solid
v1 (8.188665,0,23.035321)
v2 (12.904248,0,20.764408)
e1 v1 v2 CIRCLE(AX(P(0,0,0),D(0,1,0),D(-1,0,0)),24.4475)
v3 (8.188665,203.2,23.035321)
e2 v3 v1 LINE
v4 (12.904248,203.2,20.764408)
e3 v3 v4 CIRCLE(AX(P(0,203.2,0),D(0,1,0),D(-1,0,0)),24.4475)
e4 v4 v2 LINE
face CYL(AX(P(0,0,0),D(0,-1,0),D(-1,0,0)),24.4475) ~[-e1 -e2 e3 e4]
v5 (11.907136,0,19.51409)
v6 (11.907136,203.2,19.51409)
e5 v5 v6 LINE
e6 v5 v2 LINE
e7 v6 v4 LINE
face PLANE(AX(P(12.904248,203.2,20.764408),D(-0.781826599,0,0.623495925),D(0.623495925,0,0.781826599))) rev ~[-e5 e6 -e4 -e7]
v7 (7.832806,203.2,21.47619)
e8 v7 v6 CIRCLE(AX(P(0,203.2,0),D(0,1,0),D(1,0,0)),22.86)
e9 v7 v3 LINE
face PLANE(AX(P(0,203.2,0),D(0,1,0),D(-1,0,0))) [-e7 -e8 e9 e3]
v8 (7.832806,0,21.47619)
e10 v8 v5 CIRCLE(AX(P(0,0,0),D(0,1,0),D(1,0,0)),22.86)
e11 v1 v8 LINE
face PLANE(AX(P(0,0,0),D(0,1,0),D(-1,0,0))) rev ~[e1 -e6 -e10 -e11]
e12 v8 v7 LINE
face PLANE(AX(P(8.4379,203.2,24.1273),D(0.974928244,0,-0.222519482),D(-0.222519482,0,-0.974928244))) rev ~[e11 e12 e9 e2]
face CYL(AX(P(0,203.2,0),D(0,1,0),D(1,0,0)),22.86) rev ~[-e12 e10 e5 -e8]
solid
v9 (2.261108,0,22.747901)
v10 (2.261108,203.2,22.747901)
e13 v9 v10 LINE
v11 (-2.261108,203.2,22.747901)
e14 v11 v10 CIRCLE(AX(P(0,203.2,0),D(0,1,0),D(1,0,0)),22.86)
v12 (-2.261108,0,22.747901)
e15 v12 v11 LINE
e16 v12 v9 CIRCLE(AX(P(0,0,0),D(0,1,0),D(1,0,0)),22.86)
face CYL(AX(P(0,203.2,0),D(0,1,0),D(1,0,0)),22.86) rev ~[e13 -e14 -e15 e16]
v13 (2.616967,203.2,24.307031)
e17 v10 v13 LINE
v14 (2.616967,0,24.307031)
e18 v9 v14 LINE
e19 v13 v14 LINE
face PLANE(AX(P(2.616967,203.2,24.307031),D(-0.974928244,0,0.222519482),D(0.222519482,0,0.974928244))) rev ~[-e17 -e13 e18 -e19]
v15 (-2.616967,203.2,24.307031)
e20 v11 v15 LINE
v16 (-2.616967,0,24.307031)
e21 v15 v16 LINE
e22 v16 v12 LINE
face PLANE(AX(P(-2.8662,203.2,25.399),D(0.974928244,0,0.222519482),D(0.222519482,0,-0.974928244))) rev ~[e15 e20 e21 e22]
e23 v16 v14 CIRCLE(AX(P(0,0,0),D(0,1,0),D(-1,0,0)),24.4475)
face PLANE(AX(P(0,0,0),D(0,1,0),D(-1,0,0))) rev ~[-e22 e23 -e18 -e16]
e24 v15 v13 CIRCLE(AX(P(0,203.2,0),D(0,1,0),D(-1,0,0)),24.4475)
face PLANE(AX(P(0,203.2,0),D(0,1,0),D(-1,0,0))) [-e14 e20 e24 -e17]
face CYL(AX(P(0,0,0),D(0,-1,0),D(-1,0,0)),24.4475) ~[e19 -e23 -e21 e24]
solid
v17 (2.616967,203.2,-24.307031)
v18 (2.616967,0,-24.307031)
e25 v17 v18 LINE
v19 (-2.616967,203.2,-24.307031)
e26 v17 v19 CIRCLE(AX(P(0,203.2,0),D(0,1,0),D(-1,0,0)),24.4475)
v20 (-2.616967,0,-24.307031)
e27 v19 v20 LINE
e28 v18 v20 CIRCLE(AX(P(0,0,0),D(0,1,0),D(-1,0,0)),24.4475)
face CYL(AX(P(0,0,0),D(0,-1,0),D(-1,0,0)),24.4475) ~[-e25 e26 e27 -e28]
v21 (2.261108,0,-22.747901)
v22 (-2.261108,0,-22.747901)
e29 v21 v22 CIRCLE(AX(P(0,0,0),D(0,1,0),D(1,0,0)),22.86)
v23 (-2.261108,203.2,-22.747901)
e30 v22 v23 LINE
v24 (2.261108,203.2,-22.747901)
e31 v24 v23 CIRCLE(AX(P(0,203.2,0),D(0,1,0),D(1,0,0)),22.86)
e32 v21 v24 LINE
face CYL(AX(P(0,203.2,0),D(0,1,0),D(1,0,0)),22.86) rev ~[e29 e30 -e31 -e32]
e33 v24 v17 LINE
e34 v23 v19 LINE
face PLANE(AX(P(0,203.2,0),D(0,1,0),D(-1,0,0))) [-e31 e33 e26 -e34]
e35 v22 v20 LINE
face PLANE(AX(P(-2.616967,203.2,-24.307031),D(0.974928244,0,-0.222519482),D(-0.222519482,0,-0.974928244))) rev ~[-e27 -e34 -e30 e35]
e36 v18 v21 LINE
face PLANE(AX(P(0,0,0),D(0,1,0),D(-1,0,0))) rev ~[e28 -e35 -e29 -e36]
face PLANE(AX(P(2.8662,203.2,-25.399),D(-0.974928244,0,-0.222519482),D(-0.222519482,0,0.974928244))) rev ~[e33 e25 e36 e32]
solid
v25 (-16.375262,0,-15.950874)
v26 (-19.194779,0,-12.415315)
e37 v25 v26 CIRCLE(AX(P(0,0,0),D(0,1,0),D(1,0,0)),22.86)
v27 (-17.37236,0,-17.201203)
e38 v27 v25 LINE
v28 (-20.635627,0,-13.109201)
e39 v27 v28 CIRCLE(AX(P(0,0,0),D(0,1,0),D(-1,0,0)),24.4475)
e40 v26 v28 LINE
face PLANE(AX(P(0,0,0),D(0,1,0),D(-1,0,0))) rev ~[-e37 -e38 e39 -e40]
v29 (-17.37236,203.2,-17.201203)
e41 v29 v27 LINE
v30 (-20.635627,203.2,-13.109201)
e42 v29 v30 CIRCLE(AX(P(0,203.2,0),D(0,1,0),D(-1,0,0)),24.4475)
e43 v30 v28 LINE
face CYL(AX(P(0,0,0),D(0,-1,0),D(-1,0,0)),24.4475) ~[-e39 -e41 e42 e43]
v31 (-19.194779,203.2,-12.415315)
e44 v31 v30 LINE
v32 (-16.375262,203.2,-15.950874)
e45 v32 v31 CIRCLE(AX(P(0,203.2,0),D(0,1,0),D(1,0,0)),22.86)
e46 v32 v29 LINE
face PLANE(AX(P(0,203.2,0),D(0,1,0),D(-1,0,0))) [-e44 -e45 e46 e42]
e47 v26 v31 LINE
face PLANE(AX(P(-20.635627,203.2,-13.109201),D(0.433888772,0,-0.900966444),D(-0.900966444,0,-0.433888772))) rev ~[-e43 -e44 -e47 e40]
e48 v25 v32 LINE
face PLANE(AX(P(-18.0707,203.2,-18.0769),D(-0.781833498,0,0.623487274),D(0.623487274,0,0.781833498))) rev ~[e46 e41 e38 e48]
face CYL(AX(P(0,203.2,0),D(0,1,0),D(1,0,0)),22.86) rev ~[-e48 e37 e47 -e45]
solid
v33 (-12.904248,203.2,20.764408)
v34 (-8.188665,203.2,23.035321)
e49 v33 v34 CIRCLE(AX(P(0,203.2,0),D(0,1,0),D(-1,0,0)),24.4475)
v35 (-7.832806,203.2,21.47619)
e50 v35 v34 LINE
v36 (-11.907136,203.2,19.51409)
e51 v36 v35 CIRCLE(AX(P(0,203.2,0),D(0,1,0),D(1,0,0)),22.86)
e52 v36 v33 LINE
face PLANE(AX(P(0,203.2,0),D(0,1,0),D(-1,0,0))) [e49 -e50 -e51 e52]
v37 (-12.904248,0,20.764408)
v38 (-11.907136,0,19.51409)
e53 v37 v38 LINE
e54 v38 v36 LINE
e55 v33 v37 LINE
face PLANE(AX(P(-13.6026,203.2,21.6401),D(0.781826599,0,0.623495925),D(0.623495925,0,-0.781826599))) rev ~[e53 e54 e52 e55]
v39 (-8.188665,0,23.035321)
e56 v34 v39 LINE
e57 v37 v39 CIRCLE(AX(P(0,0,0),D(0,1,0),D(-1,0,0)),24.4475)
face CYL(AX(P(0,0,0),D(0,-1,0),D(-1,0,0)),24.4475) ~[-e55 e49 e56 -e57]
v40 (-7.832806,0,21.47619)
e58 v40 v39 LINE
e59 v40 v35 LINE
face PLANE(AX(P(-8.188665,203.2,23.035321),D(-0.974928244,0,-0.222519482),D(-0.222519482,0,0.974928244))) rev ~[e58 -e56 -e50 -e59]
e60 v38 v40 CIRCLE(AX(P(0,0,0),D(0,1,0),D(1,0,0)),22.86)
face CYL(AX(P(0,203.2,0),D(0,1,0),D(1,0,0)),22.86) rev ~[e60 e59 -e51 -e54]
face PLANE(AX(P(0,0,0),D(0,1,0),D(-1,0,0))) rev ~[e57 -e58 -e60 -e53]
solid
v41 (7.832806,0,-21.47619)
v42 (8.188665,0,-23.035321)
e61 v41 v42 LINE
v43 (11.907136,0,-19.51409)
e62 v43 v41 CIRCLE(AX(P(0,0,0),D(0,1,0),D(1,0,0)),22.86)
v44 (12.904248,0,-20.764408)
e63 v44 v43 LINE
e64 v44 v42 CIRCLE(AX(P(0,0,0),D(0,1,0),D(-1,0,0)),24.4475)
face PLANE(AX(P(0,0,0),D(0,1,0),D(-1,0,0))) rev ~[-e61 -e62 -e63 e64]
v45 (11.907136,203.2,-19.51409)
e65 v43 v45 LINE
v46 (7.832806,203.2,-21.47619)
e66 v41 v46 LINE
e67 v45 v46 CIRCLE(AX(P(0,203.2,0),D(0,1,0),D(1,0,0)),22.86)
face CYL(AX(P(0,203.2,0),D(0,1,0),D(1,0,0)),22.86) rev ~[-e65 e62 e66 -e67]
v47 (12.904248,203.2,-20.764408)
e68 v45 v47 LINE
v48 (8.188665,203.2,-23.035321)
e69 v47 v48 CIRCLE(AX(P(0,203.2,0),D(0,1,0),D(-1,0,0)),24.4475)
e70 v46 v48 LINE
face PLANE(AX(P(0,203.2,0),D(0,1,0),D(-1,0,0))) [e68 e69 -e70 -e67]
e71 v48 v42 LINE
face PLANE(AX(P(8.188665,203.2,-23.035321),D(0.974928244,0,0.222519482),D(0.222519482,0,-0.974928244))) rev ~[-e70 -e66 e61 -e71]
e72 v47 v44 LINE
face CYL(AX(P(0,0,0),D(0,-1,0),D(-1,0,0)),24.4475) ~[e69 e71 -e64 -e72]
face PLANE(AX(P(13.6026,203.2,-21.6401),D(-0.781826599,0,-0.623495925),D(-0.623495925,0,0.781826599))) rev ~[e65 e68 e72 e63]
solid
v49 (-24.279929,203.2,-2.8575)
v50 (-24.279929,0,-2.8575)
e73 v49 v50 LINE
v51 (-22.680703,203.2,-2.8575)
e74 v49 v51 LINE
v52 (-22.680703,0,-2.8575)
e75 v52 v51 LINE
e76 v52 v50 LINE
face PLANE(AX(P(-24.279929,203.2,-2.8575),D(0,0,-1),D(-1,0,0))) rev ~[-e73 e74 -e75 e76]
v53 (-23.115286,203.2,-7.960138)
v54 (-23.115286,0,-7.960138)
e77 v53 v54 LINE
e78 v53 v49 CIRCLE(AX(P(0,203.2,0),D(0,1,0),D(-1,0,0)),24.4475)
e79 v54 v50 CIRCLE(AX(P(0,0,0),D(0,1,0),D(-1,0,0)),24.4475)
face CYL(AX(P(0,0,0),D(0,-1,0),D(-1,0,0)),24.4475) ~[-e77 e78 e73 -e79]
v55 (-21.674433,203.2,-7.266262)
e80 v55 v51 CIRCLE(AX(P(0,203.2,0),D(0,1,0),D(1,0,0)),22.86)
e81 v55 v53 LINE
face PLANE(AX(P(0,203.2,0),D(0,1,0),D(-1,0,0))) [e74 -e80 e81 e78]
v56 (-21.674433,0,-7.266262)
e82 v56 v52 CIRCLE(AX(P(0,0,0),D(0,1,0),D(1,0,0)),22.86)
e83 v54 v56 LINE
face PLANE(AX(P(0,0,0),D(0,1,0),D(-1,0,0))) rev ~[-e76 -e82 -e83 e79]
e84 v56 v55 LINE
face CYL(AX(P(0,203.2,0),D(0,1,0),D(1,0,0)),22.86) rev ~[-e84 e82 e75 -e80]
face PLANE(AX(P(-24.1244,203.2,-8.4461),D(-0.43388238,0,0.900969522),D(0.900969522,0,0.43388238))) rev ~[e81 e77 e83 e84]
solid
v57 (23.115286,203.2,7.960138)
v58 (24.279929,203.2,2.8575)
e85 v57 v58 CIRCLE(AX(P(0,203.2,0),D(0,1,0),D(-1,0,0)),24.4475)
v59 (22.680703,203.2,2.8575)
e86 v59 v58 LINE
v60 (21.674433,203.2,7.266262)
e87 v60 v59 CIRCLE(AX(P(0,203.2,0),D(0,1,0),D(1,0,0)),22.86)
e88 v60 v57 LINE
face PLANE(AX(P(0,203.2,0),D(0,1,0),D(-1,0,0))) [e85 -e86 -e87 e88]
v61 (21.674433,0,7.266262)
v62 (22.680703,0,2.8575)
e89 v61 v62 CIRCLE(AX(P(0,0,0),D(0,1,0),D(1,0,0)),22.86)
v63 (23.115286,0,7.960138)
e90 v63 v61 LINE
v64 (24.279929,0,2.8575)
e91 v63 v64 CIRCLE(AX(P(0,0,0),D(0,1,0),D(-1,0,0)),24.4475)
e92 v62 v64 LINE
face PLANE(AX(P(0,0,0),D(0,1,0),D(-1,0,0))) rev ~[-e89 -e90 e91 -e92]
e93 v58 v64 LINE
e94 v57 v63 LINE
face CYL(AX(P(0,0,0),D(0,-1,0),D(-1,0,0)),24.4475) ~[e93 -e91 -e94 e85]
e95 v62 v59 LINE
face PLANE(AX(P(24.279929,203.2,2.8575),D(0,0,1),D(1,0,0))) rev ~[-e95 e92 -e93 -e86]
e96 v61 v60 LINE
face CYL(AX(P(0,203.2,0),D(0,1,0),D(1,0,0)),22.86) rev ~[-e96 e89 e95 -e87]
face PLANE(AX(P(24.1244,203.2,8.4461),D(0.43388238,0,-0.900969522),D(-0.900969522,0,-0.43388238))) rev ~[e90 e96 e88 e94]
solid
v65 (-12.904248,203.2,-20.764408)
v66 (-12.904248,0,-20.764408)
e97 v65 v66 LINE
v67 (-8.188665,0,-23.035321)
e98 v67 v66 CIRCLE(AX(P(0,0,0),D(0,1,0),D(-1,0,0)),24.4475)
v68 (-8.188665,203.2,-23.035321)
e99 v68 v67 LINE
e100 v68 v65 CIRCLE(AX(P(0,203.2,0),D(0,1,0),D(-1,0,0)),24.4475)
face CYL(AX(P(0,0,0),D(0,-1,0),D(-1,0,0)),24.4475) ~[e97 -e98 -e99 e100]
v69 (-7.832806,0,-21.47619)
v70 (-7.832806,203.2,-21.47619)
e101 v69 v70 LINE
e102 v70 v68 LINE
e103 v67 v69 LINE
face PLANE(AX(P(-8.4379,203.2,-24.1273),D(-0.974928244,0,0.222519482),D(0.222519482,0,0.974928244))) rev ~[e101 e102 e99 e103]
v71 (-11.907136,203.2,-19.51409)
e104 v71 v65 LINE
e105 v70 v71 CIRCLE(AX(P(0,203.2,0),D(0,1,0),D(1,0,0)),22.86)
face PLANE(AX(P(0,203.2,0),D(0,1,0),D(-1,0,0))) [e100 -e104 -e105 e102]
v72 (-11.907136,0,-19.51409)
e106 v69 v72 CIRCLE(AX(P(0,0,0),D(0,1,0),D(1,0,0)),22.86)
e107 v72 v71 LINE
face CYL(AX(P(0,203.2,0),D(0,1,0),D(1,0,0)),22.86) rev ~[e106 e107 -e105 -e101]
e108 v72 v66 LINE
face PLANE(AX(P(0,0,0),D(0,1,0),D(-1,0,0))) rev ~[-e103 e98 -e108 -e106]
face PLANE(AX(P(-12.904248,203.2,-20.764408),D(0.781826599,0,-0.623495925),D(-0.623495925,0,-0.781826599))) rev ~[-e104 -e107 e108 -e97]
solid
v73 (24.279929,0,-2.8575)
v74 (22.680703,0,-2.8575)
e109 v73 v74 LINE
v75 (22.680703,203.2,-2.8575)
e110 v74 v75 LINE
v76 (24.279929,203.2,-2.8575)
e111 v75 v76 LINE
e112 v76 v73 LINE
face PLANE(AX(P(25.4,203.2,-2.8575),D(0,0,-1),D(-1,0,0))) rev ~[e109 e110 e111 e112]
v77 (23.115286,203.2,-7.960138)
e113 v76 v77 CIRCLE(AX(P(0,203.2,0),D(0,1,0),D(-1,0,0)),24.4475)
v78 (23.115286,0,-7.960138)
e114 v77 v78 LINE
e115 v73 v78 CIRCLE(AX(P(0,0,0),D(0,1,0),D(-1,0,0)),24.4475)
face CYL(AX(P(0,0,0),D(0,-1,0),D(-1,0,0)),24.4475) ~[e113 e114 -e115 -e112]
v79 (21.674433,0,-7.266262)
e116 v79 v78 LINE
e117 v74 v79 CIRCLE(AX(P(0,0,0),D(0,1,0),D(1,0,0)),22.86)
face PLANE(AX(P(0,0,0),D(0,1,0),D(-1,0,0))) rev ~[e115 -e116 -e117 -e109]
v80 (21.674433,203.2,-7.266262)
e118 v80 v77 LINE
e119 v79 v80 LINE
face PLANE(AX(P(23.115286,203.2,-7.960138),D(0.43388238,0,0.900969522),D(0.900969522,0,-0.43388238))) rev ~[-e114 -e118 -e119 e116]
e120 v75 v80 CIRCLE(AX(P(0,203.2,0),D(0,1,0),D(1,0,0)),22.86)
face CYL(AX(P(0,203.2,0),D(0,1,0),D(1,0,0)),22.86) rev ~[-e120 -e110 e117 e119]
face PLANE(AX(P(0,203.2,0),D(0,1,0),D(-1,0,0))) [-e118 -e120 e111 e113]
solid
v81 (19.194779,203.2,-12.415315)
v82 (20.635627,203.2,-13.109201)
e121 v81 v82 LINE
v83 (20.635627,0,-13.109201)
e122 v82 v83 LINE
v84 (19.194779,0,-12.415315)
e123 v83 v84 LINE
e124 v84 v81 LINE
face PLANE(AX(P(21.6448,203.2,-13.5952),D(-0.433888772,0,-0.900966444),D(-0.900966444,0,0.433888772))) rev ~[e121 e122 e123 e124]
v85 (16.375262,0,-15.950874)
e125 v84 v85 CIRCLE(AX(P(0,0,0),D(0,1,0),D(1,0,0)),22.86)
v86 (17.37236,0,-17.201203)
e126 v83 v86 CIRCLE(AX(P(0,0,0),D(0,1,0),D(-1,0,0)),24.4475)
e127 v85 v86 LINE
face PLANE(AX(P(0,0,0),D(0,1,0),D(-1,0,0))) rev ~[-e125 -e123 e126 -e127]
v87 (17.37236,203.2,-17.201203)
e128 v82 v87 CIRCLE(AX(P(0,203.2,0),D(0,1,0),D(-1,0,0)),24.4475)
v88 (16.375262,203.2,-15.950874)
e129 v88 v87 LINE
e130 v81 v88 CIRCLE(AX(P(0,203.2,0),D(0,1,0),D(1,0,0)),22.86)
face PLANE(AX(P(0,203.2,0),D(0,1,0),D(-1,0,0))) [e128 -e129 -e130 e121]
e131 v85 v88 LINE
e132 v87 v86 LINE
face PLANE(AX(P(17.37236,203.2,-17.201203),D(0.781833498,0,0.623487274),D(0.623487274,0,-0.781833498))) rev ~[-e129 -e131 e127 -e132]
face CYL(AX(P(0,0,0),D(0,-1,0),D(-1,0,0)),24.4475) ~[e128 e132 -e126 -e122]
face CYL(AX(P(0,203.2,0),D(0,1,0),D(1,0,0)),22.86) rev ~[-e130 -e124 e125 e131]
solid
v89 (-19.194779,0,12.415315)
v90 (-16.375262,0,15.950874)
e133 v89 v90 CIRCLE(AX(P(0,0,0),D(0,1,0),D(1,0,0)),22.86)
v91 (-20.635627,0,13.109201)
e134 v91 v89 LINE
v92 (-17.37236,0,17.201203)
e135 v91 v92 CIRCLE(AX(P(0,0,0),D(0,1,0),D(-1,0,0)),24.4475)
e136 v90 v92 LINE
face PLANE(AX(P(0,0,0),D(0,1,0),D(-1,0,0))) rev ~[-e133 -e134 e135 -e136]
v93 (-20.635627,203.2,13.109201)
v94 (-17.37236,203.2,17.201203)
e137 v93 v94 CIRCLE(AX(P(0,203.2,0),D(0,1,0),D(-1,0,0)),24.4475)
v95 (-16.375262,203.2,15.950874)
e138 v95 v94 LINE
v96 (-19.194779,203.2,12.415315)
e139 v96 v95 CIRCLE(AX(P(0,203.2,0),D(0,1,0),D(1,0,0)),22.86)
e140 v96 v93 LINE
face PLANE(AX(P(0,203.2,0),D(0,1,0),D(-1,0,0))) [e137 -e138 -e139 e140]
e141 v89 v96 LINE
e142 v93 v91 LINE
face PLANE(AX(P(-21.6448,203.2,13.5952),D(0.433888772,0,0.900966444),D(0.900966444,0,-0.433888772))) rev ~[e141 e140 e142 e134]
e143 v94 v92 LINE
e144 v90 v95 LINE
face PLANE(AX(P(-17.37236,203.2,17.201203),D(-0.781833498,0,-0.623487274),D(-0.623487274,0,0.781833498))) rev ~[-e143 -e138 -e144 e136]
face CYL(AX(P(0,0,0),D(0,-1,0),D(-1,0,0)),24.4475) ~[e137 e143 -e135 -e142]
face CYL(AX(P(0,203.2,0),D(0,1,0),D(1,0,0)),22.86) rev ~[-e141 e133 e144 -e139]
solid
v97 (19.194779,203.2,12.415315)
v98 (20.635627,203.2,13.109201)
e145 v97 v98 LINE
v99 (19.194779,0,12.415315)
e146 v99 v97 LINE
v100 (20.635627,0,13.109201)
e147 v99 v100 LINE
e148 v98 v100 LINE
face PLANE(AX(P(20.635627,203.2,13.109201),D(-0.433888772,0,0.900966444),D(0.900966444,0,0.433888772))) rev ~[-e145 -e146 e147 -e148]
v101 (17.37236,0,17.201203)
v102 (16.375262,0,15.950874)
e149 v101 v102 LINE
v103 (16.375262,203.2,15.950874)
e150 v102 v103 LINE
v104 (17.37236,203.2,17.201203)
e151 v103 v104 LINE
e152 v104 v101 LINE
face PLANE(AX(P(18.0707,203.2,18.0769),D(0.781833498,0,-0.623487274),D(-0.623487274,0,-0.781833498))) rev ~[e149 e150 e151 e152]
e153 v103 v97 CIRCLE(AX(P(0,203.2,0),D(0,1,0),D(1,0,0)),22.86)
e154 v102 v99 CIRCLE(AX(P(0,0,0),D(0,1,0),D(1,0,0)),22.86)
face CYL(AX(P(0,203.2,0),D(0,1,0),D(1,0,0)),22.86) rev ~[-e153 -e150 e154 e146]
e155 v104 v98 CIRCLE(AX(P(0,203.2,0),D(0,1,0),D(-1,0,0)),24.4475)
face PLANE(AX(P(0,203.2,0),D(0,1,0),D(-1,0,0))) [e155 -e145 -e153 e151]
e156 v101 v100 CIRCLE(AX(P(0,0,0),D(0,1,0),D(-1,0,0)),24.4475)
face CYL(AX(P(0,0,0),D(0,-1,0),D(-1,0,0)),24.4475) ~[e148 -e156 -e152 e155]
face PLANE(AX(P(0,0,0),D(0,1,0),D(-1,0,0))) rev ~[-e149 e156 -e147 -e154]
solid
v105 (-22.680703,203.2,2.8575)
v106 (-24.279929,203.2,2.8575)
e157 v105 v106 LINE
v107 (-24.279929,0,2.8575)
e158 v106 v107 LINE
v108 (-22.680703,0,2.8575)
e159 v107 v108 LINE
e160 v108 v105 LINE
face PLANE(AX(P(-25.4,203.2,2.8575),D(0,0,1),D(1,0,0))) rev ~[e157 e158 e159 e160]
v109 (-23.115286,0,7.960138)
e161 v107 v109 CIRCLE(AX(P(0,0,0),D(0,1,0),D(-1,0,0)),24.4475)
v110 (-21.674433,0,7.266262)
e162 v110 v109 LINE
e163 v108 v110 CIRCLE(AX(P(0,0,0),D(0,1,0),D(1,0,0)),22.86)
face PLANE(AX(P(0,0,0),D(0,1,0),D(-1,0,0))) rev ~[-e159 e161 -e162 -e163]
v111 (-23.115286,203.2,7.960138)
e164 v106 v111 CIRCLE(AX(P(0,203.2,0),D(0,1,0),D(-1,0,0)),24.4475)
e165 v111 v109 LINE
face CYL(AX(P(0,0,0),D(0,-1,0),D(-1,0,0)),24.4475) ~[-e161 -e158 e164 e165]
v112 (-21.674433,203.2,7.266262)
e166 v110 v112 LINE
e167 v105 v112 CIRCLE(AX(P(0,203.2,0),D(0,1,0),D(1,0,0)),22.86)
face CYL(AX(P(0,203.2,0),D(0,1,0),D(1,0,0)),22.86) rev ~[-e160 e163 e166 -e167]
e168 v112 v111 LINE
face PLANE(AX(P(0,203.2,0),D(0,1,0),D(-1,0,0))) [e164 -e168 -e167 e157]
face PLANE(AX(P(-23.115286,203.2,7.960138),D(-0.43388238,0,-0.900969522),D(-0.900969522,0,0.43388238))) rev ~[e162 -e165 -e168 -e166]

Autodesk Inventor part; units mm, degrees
ref_plane "YZ Plane" through (0, 0, 0) normal (1, 0, 0) x (0, 1, 0)
ref_plane "XZ Plane" through (0, 0, 0) normal (0, 1, 0) x (-1, 0, 0)
ref_plane "XY Plane" through (0, 0, 0) normal (0, 0, 1) x (1, 0, 0)
sketch "Sketch1" plane through (0, 0, 0) normal (0, 1, 0) x (-1, 0, 0)
  circle A0 centre (0, 0) radius 24.4475
  dimension "d0" = 48.895
extrude "Extrusion1" add sketch "Sketch1" along normal blind 203.2
sketch "Sketch2" plane through (0, 203.2, 0) normal (0, 1, 0) x (1, 0, 0)
  circle A0 centre (0, 0) radius 22.86
  dimension "d3" = 45.72
extrude "Extrusion2" cut sketch "Sketch2" against normal through all
sketch "Sketch3" plane through (0, 203.2, 0) normal (0, 1, 0) x (1, 0, 0)
  line L0 (-25.4, -2.8575) -> (-12.7, -2.8575)
  line L1 (-12.7, -2.8575) -> (-12.7, 2.8575)
  line L2 (-12.7, 2.8575) -> (-25.4, 2.8575)
  line L3 (-25.4, 2.8575) -> (-25.4, -2.8575)
  line L4 (-21.6448, -13.5952) -> (-10.2025, -8.0848)
  line L5 (-10.2025, -8.0848) -> (-12.6821, -2.9358)
  line L6 (-12.6821, -2.9358) -> (-24.1244, -8.4461)
  line L7 (-24.1244, -8.4461) -> (-21.6448, -13.5952)
  line L8 (-13.6026, -21.6401) -> (-5.6842, -11.7109)
  line L9 (-5.6842, -11.7109) -> (-10.1524, -8.1476)
  line L10 (-10.1524, -8.1476) -> (-18.0707, -18.0769)
  line L11 (-18.0707, -18.0769) -> (-13.6026, -21.6401)
  line L12 (-2.8662, -25.399) -> (-0.0402, -13.0174)
  line L13 (-0.0402, -13.0174) -> (-5.6119, -11.7457)
  line L14 (-5.6119, -11.7457) -> (-8.4379, -24.1273)
  line L15 (-8.4379, -24.1273) -> (-2.8662, -25.399)
  line L16 (8.4379, -24.1273) -> (5.6119, -11.7457)
  line L17 (5.6119, -11.7457) -> (0.0402, -13.0174)
  line L18 (0.0402, -13.0174) -> (2.8662, -25.399)
  line L19 (2.8662, -25.399) -> (8.4379, -24.1273)
  line L20 (18.0707, -18.0769) -> (10.1524, -8.1476)
  line L21 (10.1524, -8.1476) -> (5.6842, -11.7109)
  line L22 (5.6842, -11.7109) -> (13.6026, -21.6401)
  line L23 (13.6026, -21.6401) -> (18.0707, -18.0769)
  line L24 (24.1244, -8.4461) -> (12.6821, -2.9358)
  line L25 (12.6821, -2.9358) -> (10.2025, -8.0848)
  line L26 (10.2025, -8.0848) -> (21.6448, -13.5952)
  line L27 (21.6448, -13.5952) -> (24.1244, -8.4461)
  line L28 (25.4, 2.8575) -> (12.7, 2.8575)
  line L29 (12.7, 2.8575) -> (12.7, -2.8575)
  line L30 (12.7, -2.8575) -> (25.4, -2.8575)
  line L31 (25.4, -2.8575) -> (25.4, 2.8575)
  circle A0 centre (0, 0) radius 24.4475 projected
  line L32 (21.6448, 13.5952) -> (10.2025, 8.0848)
  line L33 (10.2025, 8.0848) -> (12.6821, 2.9358)
  line L34 (12.6821, 2.9358) -> (24.1244, 8.4461)
  line L35 (24.1244, 8.4461) -> (21.6448, 13.5952)
  line L36 (13.6026, 21.6401) -> (5.6842, 11.7109)
  line L37 (5.6842, 11.7109) -> (10.1524, 8.1476)
  line L38 (10.1524, 8.1476) -> (18.0707, 18.0769)
  line L39 (18.0707, 18.0769) -> (13.6026, 21.6401)
  line L40 (2.8662, 25.399) -> (0.0402, 13.0174)
  line L41 (0.0402, 13.0174) -> (5.6119, 11.7457)
  line L42 (5.6119, 11.7457) -> (8.4379, 24.1273)
  line L43 (8.4379, 24.1273) -> (2.8662, 25.399)
  line L44 (-8.4379, 24.1273) -> (-5.6119, 11.7457)
  line L45 (-5.6119, 11.7457) -> (-0.0402, 13.0174)
  line L46 (-0.0402, 13.0174) -> (-2.8662, 25.399)
  line L47 (-2.8662, 25.399) -> (-8.4379, 24.1273)
  line L48 (-18.0707, 18.0769) -> (-10.1524, 8.1476)
  line L49 (-10.1524, 8.1476) -> (-5.6842, 11.7109)
  line L50 (-5.6842, 11.7109) -> (-13.6026, 21.6401)
  line L51 (-13.6026, 21.6401) -> (-18.0707, 18.0769)
  line L52 (-24.1244, 8.4461) -> (-12.6821, 2.9358)
  line L53 (-12.6821, 2.9358) -> (-10.2025, 8.0848)
  line L54 (-10.2025, 8.0848) -> (-21.6448, 13.5952)
  line L55 (-21.6448, 13.5952) -> (-24.1244, 8.4461)
  point P0 (-30.1625, 0)
  point P1 (-27.1755, -13.087)
  point P2 (-18.806, -23.582)
  point P3 (-6.7118, -29.4063)
  point P4 (6.7118, -29.4063)
  point P5 (18.806, -23.582)
  point P6 (27.1755, -13.087)
  point P7 (30.1625, 0)
  point P8 (27.1755, 13.087)
  point P9 (18.806, 23.582)
  point P10 (6.7118, 29.4063)
  point P11 (-6.7118, 29.4063)
  point P12 (-18.806, 23.582)
  point P13 (-27.1755, 13.087)
  dimension "d13" = 360
  dimension "d16" = 12.7
extrude "Extrusion3" cut sketch "Sketch3" against normal through all contours L3 L2 A0 L0 | A0 L2 L1 L0 | A0 L4 L7 L6 | L6 L5 L4 A0 | L52 L55 L54 A0 | A0 L54 L53 L52 | A0 L8 L11 L10 | L10 L9 L8 A0 | L48 L51 L50 A0 | A0 L50 L49 L48 | A0 L12 L15 L14 | L14 L13 L12 A0 | L44 L47 L46 A0 | A0 L46 L45 L44 | A0 L16 L19 L18 | L18 L17 L16 A0 | L40 L43 L42 A0 | A0 L42 L41 L40 | A0 L20 L23 L22 | L22 L21 L20 A0 | L36 L39 L38 A0 | A0 L38 L37 L36 | A0 L24 L27 L26 | L26 L25 L24 A0 | L32 L35 L34 A0 | A0 L34 L33 L32 | A0 L28 L31 L30 | L30 L29 L28 A0
properties part number "bandspreroller"
